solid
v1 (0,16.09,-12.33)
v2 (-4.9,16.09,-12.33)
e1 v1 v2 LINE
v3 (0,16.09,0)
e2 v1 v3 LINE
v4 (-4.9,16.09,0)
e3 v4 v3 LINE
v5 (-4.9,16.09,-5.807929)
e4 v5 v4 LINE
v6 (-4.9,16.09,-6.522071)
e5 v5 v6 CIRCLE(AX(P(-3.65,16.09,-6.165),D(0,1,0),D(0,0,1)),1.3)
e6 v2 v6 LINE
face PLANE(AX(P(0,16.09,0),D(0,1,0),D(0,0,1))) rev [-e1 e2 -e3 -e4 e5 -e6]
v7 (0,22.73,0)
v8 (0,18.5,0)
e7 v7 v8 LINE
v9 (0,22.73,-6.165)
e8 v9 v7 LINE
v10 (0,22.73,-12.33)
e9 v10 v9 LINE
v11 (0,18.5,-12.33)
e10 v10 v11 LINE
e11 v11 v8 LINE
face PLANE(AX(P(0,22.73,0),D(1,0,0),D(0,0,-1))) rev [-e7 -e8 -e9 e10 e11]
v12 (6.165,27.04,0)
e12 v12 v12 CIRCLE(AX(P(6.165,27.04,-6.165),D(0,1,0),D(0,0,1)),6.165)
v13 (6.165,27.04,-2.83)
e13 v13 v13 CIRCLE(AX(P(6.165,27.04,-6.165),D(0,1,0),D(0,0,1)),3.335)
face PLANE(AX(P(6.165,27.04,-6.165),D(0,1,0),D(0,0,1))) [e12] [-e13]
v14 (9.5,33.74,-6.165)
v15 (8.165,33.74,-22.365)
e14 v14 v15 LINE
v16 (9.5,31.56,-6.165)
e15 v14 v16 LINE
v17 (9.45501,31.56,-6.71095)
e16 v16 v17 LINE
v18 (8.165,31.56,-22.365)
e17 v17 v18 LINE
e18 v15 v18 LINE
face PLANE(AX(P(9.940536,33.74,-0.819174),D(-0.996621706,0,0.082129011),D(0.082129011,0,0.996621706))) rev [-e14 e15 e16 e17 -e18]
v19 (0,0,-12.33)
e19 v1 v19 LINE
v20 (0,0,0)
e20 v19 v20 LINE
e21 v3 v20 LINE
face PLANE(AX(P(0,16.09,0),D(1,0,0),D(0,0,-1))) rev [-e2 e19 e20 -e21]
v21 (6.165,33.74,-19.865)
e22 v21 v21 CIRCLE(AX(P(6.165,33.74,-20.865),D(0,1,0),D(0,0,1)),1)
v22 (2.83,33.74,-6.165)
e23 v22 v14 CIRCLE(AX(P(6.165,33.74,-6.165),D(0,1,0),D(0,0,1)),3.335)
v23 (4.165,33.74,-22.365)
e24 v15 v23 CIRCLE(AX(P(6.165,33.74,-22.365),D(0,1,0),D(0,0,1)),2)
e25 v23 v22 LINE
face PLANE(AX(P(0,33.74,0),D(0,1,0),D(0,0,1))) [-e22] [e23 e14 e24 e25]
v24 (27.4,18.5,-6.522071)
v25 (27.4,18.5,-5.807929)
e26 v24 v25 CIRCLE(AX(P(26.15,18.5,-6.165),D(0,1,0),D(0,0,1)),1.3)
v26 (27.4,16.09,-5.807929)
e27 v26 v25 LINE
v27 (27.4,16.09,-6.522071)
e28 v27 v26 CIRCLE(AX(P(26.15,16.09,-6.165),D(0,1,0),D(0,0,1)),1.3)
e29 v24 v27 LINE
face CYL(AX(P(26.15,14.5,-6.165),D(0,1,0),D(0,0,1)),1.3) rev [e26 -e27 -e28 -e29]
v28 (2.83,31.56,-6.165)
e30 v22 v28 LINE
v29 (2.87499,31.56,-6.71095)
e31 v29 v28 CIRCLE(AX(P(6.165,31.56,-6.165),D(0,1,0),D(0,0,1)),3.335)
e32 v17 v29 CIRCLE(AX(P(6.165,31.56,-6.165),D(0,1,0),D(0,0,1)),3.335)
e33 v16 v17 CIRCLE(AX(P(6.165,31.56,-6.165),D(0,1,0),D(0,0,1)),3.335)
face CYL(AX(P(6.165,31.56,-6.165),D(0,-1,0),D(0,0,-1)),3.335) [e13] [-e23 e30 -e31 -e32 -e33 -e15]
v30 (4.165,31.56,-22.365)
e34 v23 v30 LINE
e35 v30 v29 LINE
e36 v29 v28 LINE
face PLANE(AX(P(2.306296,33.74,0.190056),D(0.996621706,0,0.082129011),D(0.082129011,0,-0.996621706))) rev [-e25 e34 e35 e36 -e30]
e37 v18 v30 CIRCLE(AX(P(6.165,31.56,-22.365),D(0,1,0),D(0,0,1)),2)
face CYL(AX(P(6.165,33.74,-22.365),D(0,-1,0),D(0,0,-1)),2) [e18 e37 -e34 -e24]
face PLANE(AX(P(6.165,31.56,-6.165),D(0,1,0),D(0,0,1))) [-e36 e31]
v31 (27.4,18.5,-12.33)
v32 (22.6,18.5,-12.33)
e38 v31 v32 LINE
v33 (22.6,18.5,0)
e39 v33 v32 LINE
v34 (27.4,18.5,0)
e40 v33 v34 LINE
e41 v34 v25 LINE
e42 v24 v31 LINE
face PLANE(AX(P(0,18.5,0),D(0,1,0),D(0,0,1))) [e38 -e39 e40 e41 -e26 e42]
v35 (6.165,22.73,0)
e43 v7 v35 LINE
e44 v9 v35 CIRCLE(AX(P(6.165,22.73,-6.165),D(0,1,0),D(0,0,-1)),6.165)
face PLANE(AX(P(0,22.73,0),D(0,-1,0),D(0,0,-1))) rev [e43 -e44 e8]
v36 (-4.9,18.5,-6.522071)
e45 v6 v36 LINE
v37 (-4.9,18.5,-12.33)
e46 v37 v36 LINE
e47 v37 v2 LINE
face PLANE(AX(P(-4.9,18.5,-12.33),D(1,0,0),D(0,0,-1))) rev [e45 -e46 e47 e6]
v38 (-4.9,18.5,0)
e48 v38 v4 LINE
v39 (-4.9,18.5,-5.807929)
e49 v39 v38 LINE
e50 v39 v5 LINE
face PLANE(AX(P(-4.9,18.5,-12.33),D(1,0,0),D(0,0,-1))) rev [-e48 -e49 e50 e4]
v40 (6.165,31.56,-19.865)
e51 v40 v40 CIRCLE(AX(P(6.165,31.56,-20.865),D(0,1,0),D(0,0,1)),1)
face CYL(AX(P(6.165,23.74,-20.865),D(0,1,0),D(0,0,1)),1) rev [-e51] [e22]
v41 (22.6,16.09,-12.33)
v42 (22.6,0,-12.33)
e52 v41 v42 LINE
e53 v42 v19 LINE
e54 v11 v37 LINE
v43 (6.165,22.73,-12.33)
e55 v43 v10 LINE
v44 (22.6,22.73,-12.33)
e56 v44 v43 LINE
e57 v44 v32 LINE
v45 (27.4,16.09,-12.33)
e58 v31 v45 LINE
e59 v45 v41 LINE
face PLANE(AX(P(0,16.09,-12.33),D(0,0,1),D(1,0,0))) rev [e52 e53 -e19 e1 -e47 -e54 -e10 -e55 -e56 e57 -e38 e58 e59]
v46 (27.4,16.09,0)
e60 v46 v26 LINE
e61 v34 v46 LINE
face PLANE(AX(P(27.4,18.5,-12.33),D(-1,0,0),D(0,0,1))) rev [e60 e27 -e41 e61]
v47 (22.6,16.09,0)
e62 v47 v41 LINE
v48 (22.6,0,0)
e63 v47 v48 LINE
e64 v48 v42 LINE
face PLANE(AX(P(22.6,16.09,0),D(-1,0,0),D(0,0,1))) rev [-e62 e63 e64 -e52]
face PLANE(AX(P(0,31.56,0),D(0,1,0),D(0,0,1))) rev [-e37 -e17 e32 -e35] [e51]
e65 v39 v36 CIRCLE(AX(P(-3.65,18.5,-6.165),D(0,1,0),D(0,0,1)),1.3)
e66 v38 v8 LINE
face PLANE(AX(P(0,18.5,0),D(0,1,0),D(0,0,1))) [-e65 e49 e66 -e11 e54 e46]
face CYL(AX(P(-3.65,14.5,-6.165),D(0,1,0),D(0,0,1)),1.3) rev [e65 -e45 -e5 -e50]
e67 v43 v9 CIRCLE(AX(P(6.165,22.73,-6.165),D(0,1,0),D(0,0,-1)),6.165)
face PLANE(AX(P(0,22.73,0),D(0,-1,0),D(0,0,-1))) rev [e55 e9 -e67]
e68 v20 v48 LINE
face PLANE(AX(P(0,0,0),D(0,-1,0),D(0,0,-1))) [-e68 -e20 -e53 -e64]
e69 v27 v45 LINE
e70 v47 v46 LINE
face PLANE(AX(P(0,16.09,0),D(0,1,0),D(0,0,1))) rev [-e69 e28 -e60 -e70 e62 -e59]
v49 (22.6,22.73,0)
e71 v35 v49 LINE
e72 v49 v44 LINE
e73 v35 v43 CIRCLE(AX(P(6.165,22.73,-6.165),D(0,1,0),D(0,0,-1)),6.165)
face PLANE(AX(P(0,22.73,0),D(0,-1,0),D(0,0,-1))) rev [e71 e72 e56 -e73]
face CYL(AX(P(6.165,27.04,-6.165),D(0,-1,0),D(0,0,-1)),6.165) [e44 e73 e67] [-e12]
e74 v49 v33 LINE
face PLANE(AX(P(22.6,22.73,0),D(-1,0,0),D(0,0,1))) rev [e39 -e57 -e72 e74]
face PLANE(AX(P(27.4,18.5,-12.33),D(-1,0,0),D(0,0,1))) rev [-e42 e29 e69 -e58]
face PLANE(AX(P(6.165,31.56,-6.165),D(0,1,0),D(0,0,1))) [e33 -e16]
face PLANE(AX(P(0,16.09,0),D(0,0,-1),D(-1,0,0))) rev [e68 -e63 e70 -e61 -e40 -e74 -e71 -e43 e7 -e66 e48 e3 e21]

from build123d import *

# Parameters (mm, degrees)
SKETCH1_W           = 22.6
SKETCH1_H           = 12.33
BOSS_EXTRUDE1_DEPTH = 16.09
SKETCH2_W           = 32.3
SKETCH2_H           = 12.33
BOSS_EXTRUDE2_DEPTH = 2.41
SKETCH3_W           = 22.6
SKETCH3_H           = 12.33
BOSS_EXTRUDE3_DEPTH = 4.23
BOSS_EXTRUDE4_DEPTH = 4.31
SKETCH5_R           = 3.335
BOSS_EXTRUDE5_DEPTH = 4.52
BOSS_EXTRUDE8_DEPTH = 2.18
SKETCH8_R           = 1.3
CUT_EXTRUDE3_DEPTH  = 4
SKETCH9_R           = 1.3
CUT_EXTRUDE4_DEPTH  = 4
SKETCH10_R          = 1
CUT_EXTRUDE5_DEPTH  = 10


with BuildPart() as part:
    # Sketch1 → Boss-Extrude1 (new body)
    with BuildSketch(Plane(origin=(0, 0, 0), x_dir=(1, 0, 0), z_dir=(0, 1, 0))):
        with Locations((11.3, 6.165)):
            Rectangle(SKETCH1_W, SKETCH1_H)
    extrude(amount=BOSS_EXTRUDE1_DEPTH)

    # Sketch2 → Boss-Extrude2 (add)
    with BuildSketch(Plane(origin=(0, 16.09, 0), x_dir=(1, 0, 0), z_dir=(0, 1, 0))):
        with Locations((11.25, 6.165)):
            Rectangle(SKETCH2_W, SKETCH2_H)
    extrude(amount=BOSS_EXTRUDE2_DEPTH)

    # Sketch3 → Boss-Extrude3 (add)
    with BuildSketch(Plane(origin=(0, 18.5, 0), x_dir=(1, 0, 0), z_dir=(0, 1, 0))):
        with Locations((11.3, 6.165)):
            Rectangle(SKETCH3_W, SKETCH3_H)
    extrude(amount=BOSS_EXTRUDE3_DEPTH)

    # Sketch4 → Boss-Extrude4 (add)
    with BuildSketch(Plane(origin=(0, 22.73, 0), x_dir=(1, 0, 0), z_dir=(0, 1, 0))):
        with BuildLine():
            ThreePointArc((0, 6.165), (6.165, 12.33), (12.33, 6.165))
            ThreePointArc((12.33, 6.165), (6.165, 0), (0, 6.165))
        make_face()
    extrude(amount=BOSS_EXTRUDE4_DEPTH)

    # Sketch5 → Boss-Extrude5 (add)
    with BuildSketch(Plane(origin=(0, 27.04, 0), x_dir=(1, 0, 0), z_dir=(0, 1, 0))):
        with Locations(Location((6.165, 6.165, 0), (0, 0, 270))):
            Circle(SKETCH5_R)
    extrude(amount=BOSS_EXTRUDE5_DEPTH)

    # Sketch6 → Boss-Extrude8 (add)
    with BuildSketch(Plane(origin=(0, 31.56, 0), x_dir=(1, 0, 0), z_dir=(0, 1, 0))):
        with BuildLine():
            ThreePointArc((9.455009686, 6.710949872), (6.165, 9.5), (2.874990314, 6.710949872))
            Line((2.874990314, 6.710949872), (2.83, 6.165))
            ThreePointArc((2.83, 6.165), (6.165, 2.83), (9.5, 6.165))
            Line((9.5, 6.165), (9.455009686, 6.710949872))
        make_face()
        with BuildLine():
            ThreePointArc((8.165, 22.365), (6.165, 24.365), (4.165, 22.365))
            Line((4.165, 22.365), (2.874990314, 6.710949872))
            ThreePointArc((2.874990314, 6.710949872), (6.165, 9.5), (9.455009686, 6.710949872))
            Line((9.455009686, 6.710949872), (8.165, 22.365))
        make_face()
    extrude(amount=BOSS_EXTRUDE8_DEPTH)

    # Sketch8 → Cut-Extrude3 (cut)
    with BuildSketch(Plane(origin=(0, 18.5, 0), x_dir=(1, 0, 0), z_dir=(0, 1, 0))):
        with Locations((-3.65, 6.165)):
            Circle(SKETCH8_R)
    extrude(amount=-CUT_EXTRUDE3_DEPTH, mode=Mode.SUBTRACT)

    # Sketch9 → Cut-Extrude4 (cut)
    with BuildSketch(Plane(origin=(0, 18.5, 0), x_dir=(1, 0, 0), z_dir=(0, 1, 0))):
        with Locations((26.15, 6.165)):
            Circle(SKETCH9_R)
    extrude(amount=-CUT_EXTRUDE4_DEPTH, mode=Mode.SUBTRACT)

    # Sketch10 → Cut-Extrude5 (cut)
    with BuildSketch(Plane(origin=(0, 33.74, 0), x_dir=(1, 0, 0), z_dir=(0, 1, 0))):
        with Locations(Location((6.165, 20.865, 0), (0, 0, 270))):
            Circle(SKETCH10_R)
    extrude(amount=-CUT_EXTRUDE5_DEPTH, mode=Mode.SUBTRACT)


solid = part.part
